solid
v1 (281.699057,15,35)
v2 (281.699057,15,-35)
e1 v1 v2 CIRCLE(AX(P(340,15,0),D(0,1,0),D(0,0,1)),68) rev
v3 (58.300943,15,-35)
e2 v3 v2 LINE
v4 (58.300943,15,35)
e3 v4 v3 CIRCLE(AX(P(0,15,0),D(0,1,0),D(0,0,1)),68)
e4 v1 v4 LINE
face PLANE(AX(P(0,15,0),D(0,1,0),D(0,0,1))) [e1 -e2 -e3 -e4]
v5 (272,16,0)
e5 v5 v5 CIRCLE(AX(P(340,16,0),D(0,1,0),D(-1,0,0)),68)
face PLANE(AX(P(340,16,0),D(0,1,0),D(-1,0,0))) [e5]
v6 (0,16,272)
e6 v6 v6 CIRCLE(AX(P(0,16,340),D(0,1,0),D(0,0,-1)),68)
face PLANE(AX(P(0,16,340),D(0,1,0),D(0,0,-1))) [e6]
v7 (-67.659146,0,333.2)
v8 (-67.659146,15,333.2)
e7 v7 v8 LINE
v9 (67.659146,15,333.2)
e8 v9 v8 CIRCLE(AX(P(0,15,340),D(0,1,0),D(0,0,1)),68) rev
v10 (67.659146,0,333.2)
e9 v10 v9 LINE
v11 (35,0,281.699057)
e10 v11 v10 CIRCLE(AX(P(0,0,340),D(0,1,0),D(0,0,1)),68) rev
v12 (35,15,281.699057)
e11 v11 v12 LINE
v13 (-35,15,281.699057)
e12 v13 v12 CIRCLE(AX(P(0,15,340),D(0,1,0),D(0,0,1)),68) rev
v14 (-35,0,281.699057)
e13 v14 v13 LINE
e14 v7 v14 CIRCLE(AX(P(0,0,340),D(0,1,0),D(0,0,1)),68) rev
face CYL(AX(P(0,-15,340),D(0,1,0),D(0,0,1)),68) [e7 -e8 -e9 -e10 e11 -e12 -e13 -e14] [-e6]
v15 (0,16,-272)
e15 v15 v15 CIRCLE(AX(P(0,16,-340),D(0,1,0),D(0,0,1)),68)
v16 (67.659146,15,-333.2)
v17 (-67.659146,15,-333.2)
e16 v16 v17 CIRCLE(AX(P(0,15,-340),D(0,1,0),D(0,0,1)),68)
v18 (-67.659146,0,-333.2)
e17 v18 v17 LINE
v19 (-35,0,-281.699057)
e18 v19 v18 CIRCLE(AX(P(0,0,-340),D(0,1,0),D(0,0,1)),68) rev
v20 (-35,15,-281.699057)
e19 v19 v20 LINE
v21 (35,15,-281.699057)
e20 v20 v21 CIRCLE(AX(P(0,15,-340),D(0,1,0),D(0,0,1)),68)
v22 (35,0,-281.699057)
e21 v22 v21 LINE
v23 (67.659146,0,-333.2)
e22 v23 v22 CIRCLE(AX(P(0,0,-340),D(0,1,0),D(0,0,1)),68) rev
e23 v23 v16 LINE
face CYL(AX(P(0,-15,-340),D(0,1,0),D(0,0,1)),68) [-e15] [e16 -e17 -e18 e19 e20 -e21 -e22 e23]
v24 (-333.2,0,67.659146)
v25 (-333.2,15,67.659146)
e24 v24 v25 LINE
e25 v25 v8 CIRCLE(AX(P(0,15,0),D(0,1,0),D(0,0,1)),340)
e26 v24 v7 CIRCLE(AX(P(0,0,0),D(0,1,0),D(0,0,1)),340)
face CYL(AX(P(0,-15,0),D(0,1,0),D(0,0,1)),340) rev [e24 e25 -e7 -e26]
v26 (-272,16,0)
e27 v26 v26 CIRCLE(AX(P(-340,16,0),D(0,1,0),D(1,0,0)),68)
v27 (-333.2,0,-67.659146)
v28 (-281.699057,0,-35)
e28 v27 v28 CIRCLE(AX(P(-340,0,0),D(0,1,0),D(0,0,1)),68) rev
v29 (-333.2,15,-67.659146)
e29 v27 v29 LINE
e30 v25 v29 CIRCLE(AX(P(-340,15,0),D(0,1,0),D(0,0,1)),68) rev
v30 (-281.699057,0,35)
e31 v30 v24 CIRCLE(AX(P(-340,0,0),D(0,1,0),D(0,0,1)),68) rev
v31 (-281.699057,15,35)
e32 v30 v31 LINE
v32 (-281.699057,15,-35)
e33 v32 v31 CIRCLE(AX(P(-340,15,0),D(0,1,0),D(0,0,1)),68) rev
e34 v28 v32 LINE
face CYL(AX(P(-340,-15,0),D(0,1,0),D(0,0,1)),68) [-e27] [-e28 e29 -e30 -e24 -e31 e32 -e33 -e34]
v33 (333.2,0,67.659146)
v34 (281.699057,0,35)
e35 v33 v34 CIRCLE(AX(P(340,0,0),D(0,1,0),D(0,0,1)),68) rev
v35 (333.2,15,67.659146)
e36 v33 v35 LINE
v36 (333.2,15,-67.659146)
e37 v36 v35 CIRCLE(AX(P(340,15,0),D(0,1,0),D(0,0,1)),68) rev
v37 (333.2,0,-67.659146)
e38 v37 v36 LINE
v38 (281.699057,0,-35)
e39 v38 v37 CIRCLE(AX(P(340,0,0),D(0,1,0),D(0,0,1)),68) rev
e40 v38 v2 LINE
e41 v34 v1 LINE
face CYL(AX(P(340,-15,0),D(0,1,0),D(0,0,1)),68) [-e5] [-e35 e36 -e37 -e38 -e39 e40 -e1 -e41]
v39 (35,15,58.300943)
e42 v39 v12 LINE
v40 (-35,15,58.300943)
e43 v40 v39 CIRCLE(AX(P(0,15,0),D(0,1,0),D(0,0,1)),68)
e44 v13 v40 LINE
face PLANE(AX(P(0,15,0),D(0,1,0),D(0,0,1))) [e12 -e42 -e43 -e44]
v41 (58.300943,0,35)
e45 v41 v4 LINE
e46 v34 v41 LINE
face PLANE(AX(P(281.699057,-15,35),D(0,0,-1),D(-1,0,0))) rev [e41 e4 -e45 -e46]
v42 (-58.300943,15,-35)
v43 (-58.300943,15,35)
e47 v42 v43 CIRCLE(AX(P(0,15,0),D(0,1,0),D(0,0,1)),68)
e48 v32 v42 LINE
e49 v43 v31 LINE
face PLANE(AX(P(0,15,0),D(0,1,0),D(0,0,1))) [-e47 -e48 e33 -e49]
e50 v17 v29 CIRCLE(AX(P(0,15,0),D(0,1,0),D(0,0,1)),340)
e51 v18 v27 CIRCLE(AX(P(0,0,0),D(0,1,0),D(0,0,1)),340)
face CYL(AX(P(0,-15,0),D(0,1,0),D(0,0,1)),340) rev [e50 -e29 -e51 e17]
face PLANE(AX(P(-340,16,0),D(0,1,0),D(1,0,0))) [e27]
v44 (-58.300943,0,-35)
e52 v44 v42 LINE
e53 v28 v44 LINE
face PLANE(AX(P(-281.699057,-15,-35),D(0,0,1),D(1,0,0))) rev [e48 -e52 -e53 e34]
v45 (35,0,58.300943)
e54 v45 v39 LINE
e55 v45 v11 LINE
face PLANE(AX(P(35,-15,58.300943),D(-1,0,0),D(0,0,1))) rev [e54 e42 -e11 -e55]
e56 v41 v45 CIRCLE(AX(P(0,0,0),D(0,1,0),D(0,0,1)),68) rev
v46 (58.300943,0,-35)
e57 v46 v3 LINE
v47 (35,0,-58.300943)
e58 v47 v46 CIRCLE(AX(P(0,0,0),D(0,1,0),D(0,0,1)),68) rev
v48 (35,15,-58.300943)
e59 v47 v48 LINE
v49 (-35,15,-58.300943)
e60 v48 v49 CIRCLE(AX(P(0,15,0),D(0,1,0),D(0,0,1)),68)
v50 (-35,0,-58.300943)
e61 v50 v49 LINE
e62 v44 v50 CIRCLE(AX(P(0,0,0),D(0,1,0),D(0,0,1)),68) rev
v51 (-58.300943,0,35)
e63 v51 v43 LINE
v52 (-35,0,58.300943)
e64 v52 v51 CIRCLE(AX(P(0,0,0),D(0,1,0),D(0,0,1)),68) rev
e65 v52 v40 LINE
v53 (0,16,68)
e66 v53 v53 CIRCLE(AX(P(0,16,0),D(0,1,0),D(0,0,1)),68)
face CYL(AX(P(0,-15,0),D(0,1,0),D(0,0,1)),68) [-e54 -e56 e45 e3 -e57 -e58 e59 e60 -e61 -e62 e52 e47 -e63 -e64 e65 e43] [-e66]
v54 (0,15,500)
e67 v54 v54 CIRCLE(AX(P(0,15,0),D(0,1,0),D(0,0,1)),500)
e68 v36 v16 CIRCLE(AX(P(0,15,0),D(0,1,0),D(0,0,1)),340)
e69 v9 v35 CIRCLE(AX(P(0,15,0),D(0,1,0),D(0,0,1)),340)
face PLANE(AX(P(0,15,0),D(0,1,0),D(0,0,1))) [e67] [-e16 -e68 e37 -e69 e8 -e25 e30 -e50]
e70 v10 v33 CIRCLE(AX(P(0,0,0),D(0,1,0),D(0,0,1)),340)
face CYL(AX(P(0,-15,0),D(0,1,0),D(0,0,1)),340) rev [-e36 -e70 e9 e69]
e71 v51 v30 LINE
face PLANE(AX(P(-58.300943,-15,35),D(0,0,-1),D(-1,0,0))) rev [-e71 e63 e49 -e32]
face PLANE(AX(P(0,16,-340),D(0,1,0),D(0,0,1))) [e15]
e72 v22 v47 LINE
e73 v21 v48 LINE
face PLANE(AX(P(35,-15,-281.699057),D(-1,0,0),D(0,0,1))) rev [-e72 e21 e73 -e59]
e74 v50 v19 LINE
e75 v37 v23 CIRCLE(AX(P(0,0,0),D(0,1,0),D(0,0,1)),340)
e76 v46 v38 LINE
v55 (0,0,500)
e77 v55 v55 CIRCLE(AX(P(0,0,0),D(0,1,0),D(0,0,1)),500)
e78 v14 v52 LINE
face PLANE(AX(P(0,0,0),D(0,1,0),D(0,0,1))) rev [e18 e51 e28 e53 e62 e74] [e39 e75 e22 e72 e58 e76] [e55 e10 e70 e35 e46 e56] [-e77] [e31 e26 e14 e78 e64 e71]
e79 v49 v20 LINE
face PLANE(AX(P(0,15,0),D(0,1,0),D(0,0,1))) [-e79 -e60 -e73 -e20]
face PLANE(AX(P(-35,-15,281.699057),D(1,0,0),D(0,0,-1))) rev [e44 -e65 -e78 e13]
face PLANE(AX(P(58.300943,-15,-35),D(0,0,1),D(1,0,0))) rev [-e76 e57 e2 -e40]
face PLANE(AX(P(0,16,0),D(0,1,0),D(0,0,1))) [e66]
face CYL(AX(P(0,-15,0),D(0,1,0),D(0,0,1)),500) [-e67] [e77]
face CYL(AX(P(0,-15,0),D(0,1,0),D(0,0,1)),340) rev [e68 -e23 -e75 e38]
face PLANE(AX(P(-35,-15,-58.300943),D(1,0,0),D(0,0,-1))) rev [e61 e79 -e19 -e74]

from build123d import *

# Parameters (mm, degrees)
SKETCH2_R           = 550
BOSS_EXTRUDE1_DEPTH = 15
SKETCH3_OUTSIDE_W   = 1413.142
SKETCH3_OUTSIDE_H   = 1413.142
SKETCH3_OUTSIDE_R   = 500
CUT_EXTRUDE1_DEPTH  = 30
BOSS_EXTRUDE2_START = 1
SKETCH4_R           = 68
BOSS_EXTRUDE2_DEPTH = 1
CIRPATTERN1_COUNT   = 4
BOSS_EXTRUDE3_START = 1
SKETCH5_R           = 68
BOSS_EXTRUDE3_DEPTH = 1


with BuildPart() as part:
    # Sketch2 → Boss-Extrude1 (new body)
    with BuildSketch(Plane(origin=(0, 0, 0), x_dir=(1, 0, 0), z_dir=(0, 1, 0))):
        with Locations(Location((0, 0, 0), (0, 0, 270))):
            Circle(SKETCH2_R)
    extrude(amount=BOSS_EXTRUDE1_DEPTH)

    # Sketch3 outside → Cut-Extrude1 (cut)
    # profile 1 of 5: a face of its own
    with BuildSketch(Plane(origin=(0, 15, 0), x_dir=(1, 0, 0), z_dir=(0, 1, 0))):
        Rectangle(SKETCH3_OUTSIDE_W, SKETCH3_OUTSIDE_H)
        with Locations(Location((0, 0, 0), (0, 0, 270))):
            Circle(SKETCH3_OUTSIDE_R, mode=Mode.SUBTRACT)
    # profile 2 of 5: a face of its own
    with BuildSketch(Plane(origin=(0, 15, 0), x_dir=(1, 0, 0), z_dir=(0, 1, 0))):
        with BuildLine():
            Line((-35, 58.300943389), (-35, 281.699056611))
            ThreePointArc((-35, 281.699056611), (-57.426577842, 303.583133614), (-67.659145723, 333.2))
            ThreePointArc((-67.659145723, 333.2), (-240.416305603, 240.416305603), (-333.2, 67.659145723))
            ThreePointArc((-333.2, 67.659145723), (-303.583133614, 57.426577842), (-281.699056611, 35))
            Line((-281.699056611, 35), (-58.300943389, 35))
            ThreePointArc((-58.300943389, 35), (-48.083261121, 48.083261121), (-35, 58.300943389))
        make_face()
    # profile 3 of 5: a face of its own
    with BuildSketch(Plane(origin=(0, 15, 0), x_dir=(1, 0, 0), z_dir=(0, 1, 0))):
        with BuildLine():
            Line((35, 281.699056611), (35, 58.300943389))
            ThreePointArc((35, 58.300943389), (48.083261121, 48.083261121), (58.300943389, 35))
            Line((58.300943389, 35), (281.699056611, 35))
            ThreePointArc((281.699056611, 35), (303.583133614, 57.426577842), (333.2, 67.659145723))
            ThreePointArc((333.2, 67.659145723), (240.416305603, 240.416305603), (67.659145723, 333.2))
            ThreePointArc((67.659145723, 333.2), (57.426577842, 303.583133614), (35, 281.699056611))
        make_face()
    # profile 4 of 5: a face of its own
    with BuildSketch(Plane(origin=(0, 15, 0), x_dir=(1, 0, 0), z_dir=(0, 1, 0))):
        with BuildLine():
            Line((281.699056611, -35), (58.300943389, -35))
            ThreePointArc((58.300943389, -35), (48.083261121, -48.083261121), (35, -58.300943389))
            Line((35, -58.300943389), (35, -281.699056611))
            ThreePointArc((35, -281.699056611), (57.426577842, -303.583133614), (67.659145723, -333.2))
            ThreePointArc((67.659145723, -333.2), (240.416305603, -240.416305603), (333.2, -67.659145723))
            ThreePointArc((333.2, -67.659145723), (303.583133614, -57.426577842), (281.699056611, -35))
        make_face()
    # profile 5 of 5: a face of its own
    with BuildSketch(Plane(origin=(0, 15, 0), x_dir=(1, 0, 0), z_dir=(0, 1, 0))):
        with BuildLine():
            Line((-35, -281.699056611), (-35, -58.300943389))
            ThreePointArc((-35, -58.300943389), (-48.083261121, -48.083261121), (-58.300943389, -35))
            Line((-58.300943389, -35), (-281.699056611, -35))
            ThreePointArc((-281.699056611, -35), (-303.583133614, -57.426577842), (-333.2, -67.659145723))
            ThreePointArc((-333.2, -67.659145723), (-240.416305603, -240.416305603), (-67.659145723, -333.2))
            ThreePointArc((-67.659145723, -333.2), (-57.426577842, -303.583133614), (-35, -281.699056611))
        make_face()
    extrude(amount=-CUT_EXTRUDE1_DEPTH, mode=Mode.SUBTRACT)

    # Sketch4 → Boss-Extrude2 (add)
    with BuildSketch(Plane(origin=(0, 15, 0), x_dir=(1, 0, 0), z_dir=(0, 1, 0)).offset(BOSS_EXTRUDE2_START)):
        with Locations(Location((0, 340, 0), (0, 0, 270))):
            Circle(SKETCH4_R)
    boss_extrude2 = extrude(amount=-BOSS_EXTRUDE2_DEPTH)

    # CirPattern1: Boss-Extrude2 ×4 about axis
    cirpattern1_axis = Axis((0, 15, 0), (0, 1, 0))
    for i in range(1, CIRPATTERN1_COUNT):
        add(boss_extrude2.rotate(cirpattern1_axis, i * 360 / CIRPATTERN1_COUNT))

    # Sketch5 → Boss-Extrude3 (add)
    with BuildSketch(Plane(origin=(0, 15, 0), x_dir=(1, 0, 0), z_dir=(0, 1, 0)).offset(BOSS_EXTRUDE3_START)):
        with Locations(Location((0, 0, 0), (0, 0, 270))):
            Circle(SKETCH5_R)
    extrude(amount=-BOSS_EXTRUDE3_DEPTH)


solid = part.part
